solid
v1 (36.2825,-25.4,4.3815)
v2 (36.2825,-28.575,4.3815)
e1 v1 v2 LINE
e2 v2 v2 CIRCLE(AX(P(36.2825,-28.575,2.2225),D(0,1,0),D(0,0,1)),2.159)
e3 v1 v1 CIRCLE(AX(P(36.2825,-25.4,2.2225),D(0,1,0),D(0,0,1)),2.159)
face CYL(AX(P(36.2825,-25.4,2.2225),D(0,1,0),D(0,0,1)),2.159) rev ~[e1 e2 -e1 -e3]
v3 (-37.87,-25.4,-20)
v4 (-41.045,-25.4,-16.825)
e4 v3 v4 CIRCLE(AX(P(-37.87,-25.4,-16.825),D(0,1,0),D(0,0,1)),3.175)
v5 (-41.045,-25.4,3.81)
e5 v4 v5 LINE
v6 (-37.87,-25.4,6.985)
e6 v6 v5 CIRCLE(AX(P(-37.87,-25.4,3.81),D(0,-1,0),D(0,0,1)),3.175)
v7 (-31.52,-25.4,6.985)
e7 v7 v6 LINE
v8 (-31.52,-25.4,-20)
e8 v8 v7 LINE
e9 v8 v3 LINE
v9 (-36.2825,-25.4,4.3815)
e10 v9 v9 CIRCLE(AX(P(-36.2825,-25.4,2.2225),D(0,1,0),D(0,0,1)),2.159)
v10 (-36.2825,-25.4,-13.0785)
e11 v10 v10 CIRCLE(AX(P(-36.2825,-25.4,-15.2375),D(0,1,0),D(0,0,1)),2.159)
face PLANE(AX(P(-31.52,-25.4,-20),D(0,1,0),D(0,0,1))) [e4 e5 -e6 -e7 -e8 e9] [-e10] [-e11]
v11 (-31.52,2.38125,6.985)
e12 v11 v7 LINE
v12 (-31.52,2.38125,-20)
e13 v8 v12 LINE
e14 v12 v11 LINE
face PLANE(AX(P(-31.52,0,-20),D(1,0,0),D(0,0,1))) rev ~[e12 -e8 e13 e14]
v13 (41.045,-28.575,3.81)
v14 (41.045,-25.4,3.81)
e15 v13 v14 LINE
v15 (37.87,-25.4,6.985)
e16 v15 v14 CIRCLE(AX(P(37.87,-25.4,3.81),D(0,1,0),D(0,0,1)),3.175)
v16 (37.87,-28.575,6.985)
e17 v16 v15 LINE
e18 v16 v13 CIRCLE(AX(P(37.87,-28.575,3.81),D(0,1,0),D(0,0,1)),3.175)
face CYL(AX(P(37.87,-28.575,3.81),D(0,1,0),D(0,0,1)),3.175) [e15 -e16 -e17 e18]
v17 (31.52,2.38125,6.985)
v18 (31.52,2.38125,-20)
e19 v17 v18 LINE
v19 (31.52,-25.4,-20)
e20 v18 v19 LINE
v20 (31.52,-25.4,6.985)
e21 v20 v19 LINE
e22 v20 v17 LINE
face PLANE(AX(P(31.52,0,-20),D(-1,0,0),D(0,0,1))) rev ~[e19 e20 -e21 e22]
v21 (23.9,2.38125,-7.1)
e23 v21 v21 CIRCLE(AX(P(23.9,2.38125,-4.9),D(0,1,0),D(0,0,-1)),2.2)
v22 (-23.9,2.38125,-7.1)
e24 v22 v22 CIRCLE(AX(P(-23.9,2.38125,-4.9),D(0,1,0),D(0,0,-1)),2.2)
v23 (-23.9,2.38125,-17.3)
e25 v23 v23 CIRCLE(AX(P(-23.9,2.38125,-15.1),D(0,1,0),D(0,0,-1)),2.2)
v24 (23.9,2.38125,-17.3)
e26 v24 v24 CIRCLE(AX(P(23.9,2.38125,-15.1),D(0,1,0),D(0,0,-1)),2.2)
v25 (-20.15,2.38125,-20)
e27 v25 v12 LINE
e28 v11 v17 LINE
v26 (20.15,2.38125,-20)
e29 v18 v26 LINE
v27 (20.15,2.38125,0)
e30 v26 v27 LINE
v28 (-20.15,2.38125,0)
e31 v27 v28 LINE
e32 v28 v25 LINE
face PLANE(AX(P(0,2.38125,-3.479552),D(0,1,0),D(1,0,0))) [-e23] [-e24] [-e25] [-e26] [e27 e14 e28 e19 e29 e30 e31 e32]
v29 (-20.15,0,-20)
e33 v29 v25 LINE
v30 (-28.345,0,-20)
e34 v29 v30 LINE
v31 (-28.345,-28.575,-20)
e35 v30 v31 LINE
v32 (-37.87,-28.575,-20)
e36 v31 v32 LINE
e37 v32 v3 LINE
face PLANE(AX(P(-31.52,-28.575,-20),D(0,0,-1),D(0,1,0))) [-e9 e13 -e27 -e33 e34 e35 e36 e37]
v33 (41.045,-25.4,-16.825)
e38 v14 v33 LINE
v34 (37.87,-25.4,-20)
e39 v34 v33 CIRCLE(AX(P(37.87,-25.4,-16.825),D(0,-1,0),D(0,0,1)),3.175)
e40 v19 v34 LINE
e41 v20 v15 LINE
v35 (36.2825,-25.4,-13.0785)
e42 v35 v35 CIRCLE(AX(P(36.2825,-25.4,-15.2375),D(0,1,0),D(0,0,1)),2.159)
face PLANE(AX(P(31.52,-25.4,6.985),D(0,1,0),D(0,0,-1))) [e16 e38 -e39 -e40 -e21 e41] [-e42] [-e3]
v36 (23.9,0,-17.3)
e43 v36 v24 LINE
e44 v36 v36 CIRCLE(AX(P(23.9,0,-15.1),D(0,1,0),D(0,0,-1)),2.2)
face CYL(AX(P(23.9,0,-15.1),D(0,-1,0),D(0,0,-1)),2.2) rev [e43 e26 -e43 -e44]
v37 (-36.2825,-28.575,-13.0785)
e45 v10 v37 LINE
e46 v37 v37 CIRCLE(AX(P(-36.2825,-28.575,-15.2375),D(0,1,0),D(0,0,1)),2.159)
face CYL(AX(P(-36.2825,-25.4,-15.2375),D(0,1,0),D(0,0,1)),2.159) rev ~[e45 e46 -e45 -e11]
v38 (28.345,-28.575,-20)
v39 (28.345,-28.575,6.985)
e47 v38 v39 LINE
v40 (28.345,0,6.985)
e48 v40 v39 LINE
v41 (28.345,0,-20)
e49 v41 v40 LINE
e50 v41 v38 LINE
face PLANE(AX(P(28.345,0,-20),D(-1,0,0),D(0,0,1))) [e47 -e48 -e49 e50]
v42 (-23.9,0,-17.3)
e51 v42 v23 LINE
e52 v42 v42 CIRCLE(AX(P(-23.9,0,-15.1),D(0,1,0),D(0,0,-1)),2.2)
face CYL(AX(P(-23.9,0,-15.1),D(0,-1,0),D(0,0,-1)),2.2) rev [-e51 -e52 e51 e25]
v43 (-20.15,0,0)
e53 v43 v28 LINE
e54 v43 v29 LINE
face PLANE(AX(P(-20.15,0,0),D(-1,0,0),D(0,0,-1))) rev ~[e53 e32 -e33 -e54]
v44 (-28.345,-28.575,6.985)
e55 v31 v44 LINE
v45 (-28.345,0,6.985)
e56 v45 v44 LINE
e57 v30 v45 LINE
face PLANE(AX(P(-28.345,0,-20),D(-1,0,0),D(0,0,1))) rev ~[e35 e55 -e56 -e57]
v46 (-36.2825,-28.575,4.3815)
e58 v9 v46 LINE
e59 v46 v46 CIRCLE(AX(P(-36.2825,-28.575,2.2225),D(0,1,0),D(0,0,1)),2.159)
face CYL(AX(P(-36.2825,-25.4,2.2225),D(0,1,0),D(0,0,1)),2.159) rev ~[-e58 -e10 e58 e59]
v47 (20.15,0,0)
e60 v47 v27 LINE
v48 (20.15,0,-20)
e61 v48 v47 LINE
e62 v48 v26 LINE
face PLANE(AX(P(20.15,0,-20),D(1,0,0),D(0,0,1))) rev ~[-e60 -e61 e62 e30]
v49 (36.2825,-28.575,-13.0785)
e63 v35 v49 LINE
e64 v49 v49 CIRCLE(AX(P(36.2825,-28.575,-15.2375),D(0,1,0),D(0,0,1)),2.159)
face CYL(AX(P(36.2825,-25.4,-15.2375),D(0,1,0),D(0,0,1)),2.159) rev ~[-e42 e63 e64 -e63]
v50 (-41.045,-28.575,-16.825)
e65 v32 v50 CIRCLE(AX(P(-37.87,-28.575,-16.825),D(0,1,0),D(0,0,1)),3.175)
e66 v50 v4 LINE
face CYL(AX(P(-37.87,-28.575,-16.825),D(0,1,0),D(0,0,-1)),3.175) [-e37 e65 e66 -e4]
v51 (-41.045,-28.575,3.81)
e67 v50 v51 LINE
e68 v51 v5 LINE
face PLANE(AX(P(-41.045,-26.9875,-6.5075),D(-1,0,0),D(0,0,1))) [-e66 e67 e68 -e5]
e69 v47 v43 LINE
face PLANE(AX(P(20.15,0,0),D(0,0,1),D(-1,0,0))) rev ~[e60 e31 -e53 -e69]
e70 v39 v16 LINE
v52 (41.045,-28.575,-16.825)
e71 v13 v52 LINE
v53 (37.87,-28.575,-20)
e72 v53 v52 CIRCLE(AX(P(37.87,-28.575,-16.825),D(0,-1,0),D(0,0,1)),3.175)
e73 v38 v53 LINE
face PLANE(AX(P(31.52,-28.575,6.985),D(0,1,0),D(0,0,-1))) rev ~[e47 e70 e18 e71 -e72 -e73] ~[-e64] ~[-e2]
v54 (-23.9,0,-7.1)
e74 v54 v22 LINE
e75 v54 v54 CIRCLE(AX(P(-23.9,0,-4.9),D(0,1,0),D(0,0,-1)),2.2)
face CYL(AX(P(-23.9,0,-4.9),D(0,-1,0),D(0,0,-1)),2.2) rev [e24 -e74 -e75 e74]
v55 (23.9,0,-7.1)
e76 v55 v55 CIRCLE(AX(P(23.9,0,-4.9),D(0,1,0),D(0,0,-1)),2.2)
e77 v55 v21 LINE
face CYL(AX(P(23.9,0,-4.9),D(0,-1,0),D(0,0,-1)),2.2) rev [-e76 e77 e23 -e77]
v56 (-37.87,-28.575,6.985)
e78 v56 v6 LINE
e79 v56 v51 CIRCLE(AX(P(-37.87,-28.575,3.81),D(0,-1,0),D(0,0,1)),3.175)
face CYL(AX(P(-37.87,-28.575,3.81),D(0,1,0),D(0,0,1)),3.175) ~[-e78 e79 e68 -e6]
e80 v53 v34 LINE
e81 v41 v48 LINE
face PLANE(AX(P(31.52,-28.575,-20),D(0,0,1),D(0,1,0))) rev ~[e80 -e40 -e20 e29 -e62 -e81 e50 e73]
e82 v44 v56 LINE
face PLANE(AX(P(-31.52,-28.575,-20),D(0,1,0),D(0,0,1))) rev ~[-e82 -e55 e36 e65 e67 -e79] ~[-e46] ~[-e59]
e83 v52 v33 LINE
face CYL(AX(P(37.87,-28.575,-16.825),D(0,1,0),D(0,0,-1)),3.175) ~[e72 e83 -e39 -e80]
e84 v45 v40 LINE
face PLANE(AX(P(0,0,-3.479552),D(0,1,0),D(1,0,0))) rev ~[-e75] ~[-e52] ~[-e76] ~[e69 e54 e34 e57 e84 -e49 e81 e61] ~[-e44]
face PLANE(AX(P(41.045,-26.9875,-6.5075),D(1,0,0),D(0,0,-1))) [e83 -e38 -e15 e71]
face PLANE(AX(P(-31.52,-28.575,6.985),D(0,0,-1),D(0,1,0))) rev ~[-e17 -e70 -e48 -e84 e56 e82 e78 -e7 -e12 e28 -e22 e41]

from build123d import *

# Parameters (mm, degrees)
SKETCH1_R           = 2.2
BOSS_EXTRUDE1_DEPTH = 2.38125
SKETCH2_W           = 3.175
SKETCH2_H           = 26.985
BOSS_EXTRUDE2_DEPTH = 28.575
SKETCH3_W           = 26.985
SKETCH3_H           = 3.175
BOSS_EXTRUDE3_DEPTH = 9.525
SKETCH4_W           = 26.985
SKETCH4_H           = 3.175
BOSS_EXTRUDE4_DEPTH = 9.525
FILLET1_R           = 3.175
SKETCH5_R           = 2.159
CUT_EXTRUDE1_DEPTH  = 3.175


with BuildPart() as part:
    # Sketch1 → Boss-Extrude1 (new body)
    with BuildSketch(Plane(origin=(0, 0, 0), x_dir=(1, 0, 0), z_dir=(0, 1, 0))):
        Polygon((20.15, 0), (-20.15, 0), (-20.15, 20), (-31.52, 20), (-31.52, -6.985), (31.52, -6.985), (31.52, 20), (20.15, 20), align=None)
        with Locations(Location((-23.9, 15.1, 0), (0, 0, 90))):
            Circle(SKETCH1_R, mode=Mode.SUBTRACT)
        with Locations(Location((-23.9, 4.9, 0), (0, 0, 90))):
            Circle(SKETCH1_R, mode=Mode.SUBTRACT)
        with Locations(Location((23.9, 4.9, 0), (0, 0, 90))):
            Circle(SKETCH1_R, mode=Mode.SUBTRACT)
        with Locations(Location((23.9, 15.1, 0), (0, 0, 90))):
            Circle(SKETCH1_R, mode=Mode.SUBTRACT)
    extrude(amount=BOSS_EXTRUDE1_DEPTH)

    # Sketch2 → Boss-Extrude2 (add)
    with BuildSketch(Plane.XZ):
        with Locations((29.9325, -6.5075)):
            Rectangle(SKETCH2_W, SKETCH2_H)
        with Locations((-29.9325, -6.5075)):
            Rectangle(SKETCH2_W, SKETCH2_H)
    extrude(amount=BOSS_EXTRUDE2_DEPTH)

    # Sketch3 → Boss-Extrude3 (add)
    with BuildSketch(Plane(origin=(31.52, 0, 0), x_dir=(0, 0, -1), z_dir=(1, 0, 0))):
        with Locations((6.5075, -26.9875)):
            Rectangle(SKETCH3_W, SKETCH3_H)
    extrude(amount=BOSS_EXTRUDE3_DEPTH)

    # Sketch4 → Boss-Extrude4 (add)
    with BuildSketch(Plane.ZY.offset(31.52)):
        with Locations((-6.5075, -26.9875)):
            Rectangle(SKETCH4_W, SKETCH4_H)
    extrude(amount=BOSS_EXTRUDE4_DEPTH)

    # Fillet1
    fillet1_edges = [part.edges().sort_by_distance(p)[0] for p in [
        (41.045, -26.9875, 6.985),
        (41.045, -26.9875, -20),
        (-41.045, -26.9875, -20),
        (-41.045, -26.9875, 6.985),
    ]]
    fillet(fillet1_edges, radius=FILLET1_R)

    # Sketch5 → Cut-Extrude1 (cut)
    with BuildSketch(Plane(origin=(0, -25.4, 0), x_dir=(1, 0, 0), z_dir=(0, 1, 0))):
        with Locations(Location((36.2825, -2.2225, 0), (0, 0, 270))):
            Circle(SKETCH5_R)
        with Locations(Location((36.2825, 15.2375, 0), (0, 0, 270))):
            Circle(SKETCH5_R)
        with Locations(Location((-36.2825, -2.2225, 0), (0, 0, 270))):
            Circle(SKETCH5_R)
        with Locations(Location((-36.2825, 15.2375, 0), (0, 0, 270))):
            Circle(SKETCH5_R)
    extrude(amount=-CUT_EXTRUDE1_DEPTH, mode=Mode.SUBTRACT)


solid = part.part
